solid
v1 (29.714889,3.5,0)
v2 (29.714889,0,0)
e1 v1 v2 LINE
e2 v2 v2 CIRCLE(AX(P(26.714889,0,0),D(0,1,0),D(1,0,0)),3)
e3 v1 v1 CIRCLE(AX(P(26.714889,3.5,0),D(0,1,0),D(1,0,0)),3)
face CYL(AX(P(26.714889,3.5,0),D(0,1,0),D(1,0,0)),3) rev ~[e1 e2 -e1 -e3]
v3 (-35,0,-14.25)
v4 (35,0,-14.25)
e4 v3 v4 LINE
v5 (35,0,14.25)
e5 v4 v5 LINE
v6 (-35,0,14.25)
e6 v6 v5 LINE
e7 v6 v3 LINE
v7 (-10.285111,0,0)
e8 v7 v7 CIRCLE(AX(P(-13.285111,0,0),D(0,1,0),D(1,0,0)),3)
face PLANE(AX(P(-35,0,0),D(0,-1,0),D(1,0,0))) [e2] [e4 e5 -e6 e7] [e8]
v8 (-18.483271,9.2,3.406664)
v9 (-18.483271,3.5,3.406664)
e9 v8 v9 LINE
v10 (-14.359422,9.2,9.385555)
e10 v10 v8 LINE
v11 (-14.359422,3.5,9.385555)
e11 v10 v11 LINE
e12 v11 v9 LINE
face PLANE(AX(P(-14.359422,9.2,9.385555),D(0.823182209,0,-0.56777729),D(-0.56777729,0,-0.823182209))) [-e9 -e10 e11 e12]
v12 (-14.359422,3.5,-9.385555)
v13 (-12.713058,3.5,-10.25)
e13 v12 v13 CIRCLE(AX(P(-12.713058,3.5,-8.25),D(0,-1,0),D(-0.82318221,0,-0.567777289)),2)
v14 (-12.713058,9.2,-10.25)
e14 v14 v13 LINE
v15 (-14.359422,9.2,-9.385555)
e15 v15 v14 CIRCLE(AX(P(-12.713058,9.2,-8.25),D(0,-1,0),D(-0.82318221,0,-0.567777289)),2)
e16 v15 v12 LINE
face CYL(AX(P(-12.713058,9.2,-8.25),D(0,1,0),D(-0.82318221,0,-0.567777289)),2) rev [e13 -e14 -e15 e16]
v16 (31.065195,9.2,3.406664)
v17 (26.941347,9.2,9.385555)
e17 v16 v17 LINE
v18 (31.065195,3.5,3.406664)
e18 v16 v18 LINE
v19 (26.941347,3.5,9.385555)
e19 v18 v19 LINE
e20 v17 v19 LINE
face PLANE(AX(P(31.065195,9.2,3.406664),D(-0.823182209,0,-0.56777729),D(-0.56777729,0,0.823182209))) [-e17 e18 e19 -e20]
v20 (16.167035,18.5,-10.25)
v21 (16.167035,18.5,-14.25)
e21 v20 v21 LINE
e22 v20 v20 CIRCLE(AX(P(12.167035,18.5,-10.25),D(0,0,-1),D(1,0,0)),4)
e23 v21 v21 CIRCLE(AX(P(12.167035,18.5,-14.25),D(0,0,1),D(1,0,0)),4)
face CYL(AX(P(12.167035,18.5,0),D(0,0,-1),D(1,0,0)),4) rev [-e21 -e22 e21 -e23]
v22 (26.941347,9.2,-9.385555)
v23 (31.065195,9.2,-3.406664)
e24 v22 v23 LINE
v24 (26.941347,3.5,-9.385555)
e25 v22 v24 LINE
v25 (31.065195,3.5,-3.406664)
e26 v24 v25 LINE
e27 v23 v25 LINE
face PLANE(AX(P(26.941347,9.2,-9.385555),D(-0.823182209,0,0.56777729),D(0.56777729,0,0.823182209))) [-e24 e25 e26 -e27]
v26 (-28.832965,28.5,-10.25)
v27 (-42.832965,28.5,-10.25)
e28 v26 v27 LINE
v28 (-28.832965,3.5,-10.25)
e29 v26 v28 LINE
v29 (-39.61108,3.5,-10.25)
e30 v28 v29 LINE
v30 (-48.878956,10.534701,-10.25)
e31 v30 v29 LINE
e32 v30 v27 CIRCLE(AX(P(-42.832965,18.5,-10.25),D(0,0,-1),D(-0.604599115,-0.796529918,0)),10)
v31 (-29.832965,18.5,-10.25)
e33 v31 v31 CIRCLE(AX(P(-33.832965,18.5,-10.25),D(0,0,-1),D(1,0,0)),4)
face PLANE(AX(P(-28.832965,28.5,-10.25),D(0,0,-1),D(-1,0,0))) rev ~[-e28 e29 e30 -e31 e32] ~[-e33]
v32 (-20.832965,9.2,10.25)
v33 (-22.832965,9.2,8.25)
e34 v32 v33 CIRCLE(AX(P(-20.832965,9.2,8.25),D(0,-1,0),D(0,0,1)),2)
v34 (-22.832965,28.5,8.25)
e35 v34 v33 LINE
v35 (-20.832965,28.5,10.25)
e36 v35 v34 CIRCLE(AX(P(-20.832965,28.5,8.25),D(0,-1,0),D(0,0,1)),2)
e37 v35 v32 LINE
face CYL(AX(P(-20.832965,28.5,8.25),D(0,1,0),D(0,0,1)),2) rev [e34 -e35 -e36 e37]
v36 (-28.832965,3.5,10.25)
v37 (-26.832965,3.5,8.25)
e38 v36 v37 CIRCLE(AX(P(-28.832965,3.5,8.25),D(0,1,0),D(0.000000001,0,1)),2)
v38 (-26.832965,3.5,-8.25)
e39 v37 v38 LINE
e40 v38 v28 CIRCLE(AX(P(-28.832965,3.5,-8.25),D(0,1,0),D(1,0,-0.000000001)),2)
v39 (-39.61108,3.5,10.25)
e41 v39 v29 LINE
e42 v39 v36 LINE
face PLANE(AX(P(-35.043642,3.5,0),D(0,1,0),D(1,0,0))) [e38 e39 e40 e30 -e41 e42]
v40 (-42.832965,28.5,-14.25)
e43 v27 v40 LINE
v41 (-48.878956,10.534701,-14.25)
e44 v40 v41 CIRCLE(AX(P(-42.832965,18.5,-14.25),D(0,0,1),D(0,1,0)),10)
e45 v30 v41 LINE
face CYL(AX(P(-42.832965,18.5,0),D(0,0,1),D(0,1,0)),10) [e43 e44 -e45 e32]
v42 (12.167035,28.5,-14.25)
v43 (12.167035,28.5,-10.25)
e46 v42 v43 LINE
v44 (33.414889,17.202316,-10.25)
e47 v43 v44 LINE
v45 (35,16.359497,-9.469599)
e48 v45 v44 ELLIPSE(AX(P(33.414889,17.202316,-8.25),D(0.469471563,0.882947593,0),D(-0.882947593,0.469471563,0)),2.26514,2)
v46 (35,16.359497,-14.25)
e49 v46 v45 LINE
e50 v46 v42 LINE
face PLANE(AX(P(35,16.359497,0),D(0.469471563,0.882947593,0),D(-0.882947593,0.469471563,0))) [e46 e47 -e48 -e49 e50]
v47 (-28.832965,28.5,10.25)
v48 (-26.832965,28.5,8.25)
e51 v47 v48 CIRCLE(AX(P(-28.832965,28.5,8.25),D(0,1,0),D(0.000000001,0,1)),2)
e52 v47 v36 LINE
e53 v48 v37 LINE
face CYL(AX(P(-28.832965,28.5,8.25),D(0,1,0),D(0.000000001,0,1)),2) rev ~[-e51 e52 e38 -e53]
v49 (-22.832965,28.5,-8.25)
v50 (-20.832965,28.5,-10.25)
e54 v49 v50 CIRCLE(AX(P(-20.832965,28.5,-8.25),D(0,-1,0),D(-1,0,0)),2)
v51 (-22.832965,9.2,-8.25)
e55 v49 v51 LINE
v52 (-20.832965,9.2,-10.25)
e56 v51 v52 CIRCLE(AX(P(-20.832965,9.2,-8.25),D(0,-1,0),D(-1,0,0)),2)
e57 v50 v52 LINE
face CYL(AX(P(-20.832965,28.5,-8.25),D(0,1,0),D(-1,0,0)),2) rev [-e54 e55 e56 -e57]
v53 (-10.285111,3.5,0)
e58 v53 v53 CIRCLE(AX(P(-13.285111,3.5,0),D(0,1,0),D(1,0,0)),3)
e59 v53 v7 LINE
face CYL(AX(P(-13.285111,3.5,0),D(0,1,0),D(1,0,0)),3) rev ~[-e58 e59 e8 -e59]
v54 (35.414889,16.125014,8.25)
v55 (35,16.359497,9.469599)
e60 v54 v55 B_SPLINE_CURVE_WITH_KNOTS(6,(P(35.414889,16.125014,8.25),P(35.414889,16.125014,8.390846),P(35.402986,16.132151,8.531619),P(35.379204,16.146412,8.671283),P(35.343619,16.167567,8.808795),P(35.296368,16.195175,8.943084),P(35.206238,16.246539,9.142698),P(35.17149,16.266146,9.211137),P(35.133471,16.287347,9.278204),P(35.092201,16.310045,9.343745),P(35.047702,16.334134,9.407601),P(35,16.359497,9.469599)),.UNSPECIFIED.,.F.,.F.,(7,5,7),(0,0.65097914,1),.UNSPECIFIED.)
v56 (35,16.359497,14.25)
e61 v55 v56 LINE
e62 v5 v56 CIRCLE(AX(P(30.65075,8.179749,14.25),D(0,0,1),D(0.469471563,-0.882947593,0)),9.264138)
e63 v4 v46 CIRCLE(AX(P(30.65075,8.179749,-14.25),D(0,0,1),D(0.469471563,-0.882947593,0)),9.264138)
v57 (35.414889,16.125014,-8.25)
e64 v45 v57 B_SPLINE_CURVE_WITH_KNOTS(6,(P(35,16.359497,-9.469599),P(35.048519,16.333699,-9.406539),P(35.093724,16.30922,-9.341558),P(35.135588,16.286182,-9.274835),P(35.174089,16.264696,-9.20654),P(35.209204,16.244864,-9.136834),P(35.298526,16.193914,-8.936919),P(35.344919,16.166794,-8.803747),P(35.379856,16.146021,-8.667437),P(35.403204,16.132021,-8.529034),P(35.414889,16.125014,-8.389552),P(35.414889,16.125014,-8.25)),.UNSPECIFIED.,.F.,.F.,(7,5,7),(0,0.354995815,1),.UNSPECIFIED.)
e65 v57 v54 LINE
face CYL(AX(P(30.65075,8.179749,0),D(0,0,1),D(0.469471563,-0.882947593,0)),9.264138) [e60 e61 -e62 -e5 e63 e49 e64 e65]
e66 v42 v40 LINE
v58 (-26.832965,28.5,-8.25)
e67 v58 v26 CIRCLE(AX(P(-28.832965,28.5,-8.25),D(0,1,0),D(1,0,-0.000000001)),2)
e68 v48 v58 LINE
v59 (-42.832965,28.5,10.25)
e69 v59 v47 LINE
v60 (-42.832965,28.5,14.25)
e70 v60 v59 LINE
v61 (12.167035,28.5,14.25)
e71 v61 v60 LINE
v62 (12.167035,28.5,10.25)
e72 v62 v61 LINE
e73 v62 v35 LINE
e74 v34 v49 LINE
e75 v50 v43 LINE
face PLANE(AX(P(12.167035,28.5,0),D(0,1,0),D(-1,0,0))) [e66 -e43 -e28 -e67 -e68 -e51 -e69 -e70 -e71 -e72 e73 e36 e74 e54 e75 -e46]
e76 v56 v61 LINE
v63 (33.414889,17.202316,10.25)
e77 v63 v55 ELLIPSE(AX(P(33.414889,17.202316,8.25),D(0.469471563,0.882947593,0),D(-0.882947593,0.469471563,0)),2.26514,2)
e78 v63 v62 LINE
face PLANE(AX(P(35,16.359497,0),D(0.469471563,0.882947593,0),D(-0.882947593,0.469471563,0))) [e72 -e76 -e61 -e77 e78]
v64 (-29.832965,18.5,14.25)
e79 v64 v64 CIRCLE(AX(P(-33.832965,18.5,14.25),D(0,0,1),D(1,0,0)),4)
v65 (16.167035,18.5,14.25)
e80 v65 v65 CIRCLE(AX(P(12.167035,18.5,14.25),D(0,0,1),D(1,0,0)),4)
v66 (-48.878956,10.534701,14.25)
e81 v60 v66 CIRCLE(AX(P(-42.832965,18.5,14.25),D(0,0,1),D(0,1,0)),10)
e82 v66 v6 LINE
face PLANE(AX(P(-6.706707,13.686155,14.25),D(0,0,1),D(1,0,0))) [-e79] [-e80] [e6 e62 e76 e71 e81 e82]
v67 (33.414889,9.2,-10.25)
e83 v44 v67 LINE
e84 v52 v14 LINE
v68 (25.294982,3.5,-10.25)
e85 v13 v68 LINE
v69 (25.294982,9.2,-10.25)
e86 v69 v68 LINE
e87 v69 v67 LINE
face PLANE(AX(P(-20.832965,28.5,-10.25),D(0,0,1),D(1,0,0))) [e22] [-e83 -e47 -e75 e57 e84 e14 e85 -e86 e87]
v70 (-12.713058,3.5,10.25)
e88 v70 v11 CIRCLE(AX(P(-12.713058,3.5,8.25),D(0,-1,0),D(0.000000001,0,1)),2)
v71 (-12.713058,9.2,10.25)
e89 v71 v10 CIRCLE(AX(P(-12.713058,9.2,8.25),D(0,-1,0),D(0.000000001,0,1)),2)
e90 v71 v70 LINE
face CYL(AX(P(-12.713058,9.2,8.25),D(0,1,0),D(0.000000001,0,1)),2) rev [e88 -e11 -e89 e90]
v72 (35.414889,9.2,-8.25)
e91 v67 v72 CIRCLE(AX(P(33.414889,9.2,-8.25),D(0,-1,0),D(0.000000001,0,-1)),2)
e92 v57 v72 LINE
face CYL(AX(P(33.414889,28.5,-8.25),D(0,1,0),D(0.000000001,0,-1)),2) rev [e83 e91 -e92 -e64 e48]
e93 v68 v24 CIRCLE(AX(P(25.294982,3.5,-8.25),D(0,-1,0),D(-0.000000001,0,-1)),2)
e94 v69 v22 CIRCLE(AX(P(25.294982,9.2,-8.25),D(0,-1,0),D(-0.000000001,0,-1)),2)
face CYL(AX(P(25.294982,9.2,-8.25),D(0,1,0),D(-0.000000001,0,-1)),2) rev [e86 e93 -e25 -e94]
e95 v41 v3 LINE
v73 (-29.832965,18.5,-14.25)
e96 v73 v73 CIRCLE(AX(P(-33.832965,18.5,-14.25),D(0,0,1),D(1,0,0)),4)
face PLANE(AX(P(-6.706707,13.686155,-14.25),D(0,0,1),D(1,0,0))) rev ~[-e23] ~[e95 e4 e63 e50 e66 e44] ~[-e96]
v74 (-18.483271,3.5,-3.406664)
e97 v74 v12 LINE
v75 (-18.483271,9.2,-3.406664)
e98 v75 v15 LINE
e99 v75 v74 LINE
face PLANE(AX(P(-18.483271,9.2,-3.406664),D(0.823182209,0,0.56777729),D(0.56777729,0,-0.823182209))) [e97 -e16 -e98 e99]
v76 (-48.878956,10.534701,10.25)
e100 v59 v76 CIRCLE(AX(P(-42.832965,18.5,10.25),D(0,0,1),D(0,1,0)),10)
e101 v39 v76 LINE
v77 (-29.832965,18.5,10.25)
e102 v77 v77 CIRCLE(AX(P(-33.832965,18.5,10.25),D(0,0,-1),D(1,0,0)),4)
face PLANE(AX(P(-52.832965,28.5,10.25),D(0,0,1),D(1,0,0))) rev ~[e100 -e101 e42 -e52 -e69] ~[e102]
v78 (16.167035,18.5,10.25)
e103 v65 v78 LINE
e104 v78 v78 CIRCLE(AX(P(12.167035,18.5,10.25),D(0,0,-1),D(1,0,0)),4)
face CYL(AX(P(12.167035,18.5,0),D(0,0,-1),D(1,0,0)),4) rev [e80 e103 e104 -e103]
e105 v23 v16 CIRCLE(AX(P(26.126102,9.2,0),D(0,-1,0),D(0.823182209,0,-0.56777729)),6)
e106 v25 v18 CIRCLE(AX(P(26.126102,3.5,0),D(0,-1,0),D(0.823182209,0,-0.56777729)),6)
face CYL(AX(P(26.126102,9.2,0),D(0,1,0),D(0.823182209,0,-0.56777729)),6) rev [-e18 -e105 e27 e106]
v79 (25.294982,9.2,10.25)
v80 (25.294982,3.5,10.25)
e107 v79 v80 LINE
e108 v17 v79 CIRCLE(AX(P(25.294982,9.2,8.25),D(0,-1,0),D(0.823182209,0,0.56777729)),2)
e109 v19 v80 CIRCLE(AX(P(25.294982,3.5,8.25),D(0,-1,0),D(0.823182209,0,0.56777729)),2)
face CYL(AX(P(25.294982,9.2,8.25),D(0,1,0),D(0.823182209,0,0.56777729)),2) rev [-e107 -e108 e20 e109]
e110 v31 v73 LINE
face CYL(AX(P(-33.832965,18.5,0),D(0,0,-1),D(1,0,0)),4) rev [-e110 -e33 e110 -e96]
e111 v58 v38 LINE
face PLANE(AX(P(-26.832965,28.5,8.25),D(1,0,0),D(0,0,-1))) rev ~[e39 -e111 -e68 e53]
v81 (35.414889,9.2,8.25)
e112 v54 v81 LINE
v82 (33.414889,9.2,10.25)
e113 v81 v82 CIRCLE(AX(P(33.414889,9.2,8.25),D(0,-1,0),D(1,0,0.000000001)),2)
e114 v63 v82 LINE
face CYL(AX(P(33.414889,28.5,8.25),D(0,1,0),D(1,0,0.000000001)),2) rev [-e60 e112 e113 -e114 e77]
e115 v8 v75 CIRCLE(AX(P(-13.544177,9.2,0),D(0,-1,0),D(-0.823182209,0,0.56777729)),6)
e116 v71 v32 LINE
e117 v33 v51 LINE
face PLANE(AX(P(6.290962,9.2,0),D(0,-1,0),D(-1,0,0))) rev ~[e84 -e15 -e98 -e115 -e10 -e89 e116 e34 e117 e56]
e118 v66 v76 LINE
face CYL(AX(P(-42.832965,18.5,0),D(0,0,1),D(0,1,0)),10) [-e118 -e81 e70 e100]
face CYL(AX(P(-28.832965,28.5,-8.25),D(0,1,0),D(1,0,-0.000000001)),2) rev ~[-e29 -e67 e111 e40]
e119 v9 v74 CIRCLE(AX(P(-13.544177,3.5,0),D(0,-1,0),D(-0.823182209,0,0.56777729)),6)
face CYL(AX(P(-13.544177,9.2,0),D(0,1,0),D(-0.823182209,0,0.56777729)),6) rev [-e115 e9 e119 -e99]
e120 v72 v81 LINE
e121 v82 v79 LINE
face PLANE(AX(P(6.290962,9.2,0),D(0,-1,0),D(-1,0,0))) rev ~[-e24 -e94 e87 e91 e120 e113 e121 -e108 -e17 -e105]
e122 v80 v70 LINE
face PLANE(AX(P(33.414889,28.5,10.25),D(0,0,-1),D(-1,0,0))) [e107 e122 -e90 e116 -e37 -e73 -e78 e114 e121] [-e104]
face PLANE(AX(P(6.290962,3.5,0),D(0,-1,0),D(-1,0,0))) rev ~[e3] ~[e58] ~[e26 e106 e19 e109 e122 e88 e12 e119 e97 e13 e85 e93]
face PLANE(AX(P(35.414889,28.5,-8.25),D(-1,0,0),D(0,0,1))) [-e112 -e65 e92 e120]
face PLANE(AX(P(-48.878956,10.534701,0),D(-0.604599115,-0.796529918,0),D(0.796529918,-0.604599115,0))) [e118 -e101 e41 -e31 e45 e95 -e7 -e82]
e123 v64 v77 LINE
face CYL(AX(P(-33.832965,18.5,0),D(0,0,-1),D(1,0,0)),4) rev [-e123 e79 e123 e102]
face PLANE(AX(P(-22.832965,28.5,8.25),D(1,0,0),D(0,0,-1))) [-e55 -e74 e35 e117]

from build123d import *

# Parameters (mm, degrees)
SKETCH1_R           = 4
BOSS_EXTRUDE1_DEPTH = 14.25
SKETCH3_W           = 10
SKETCH3_H           = 20.5
CUT_EXTRUDE1_DEPTH  = 25
CUT_EXTRUDE2_DEPTH  = 19.3
CUT_EXTRUDE3_DEPTH  = 5.7
SKETCH7_R           = 3
CUT_EXTRUDE4_DEPTH  = 4.5000001


with BuildPart() as part:
    # Sketch1 → Boss-Extrude1 (new body, symmetric)
    with BuildSketch(Plane.XY):
        with BuildLine():
            Line((-35, 0), (35, 0))
            ThreePointArc((35, 0), (39.914888853, 8.179748676), (35, 16.359497352))
            Line((35, 16.359497352), (12.167035368, 28.5))
            Line((12.167035368, 28.5), (-42.832964632, 28.5))
            ThreePointArc((-42.832964632, 28.5), (-52.310648732, 21.689593093), (-48.878955781, 10.53470082))
            Line((-48.878955781, 10.53470082), (-35, 0))
        make_face()
        with Locations((12.167035368, 18.5)):
            Circle(SKETCH1_R, mode=Mode.SUBTRACT)
        with Locations((-33.832964632, 18.5)):
            Circle(SKETCH1_R, mode=Mode.SUBTRACT)
    extrude(amount=BOSS_EXTRUDE1_DEPTH, both=True)

    # Sketch3 → Cut-Extrude1 (cut)
    with BuildSketch(Plane(origin=(0, 28.5, 0), x_dir=(1, 0, 0), z_dir=(0, 1, 0))):
        with BuildLine():
            Line((-28.832964632, 10.25), (-42.832964632, 10.25))
            Line((-42.832964632, 10.25), (-42.832964632, -10.25))
            Line((-42.832964632, -10.25), (-28.832964632, -10.25))
            ThreePointArc((-28.832964632, -10.25), (-27.41875107, -9.664213562), (-26.832964632, -8.25))
            Line((-26.832964632, -8.25), (-26.832964632, 8.25))
            ThreePointArc((-26.832964632, 8.25), (-27.41875107, 9.664213562), (-28.832964632, 10.25))
        make_face()
        with Locations((-47.832964632, 0)):
            Rectangle(SKETCH3_W, SKETCH3_H)
    extrude(amount=-CUT_EXTRUDE1_DEPTH, mode=Mode.SUBTRACT)

    # Sketch3<3> → Cut-Extrude2 (cut)
    with BuildSketch(Plane(origin=(0, 28.5, 0), x_dir=(1, 0, 0), z_dir=(0, 1, 0))):
        with BuildLine():
            Line((-20.832964632, 10.25), (33.414888853, 10.25))
            ThreePointArc((33.414888853, 10.25), (34.829102415, 9.664213562), (35.414888853, 8.25))
            Line((35.414888853, 8.25), (35.414888853, -8.25))
            ThreePointArc((35.414888853, -8.25), (34.829102415, -9.664213562), (33.414888853, -10.25))
            Line((33.414888853, -10.25), (-20.832964632, -10.25))
            ThreePointArc((-20.832964632, -10.25), (-22.247178195, -9.664213562), (-22.832964632, -8.25))
            Line((-22.832964632, -8.25), (-22.832964632, 8.25))
            ThreePointArc((-22.832964632, 8.25), (-22.247178195, 9.664213562), (-20.832964632, 10.25))
        make_face()
    extrude(amount=-CUT_EXTRUDE2_DEPTH, mode=Mode.SUBTRACT)

    # Sketch6 → Cut-Extrude3 (cut)
    with BuildSketch(Plane(origin=(0, 9.2, 0), x_dir=(1, 0, 0), z_dir=(0, 1, 0))):
        with BuildLine():
            Line((-18.48327062, 3.406663741), (-14.359422457, 9.38555458))
            ThreePointArc((-14.359422457, 9.38555458), (-13.64281361, 10.020749723), (-12.71305804, 10.25))
            Line((-12.71305804, 10.25), (25.29498226, 10.25))
            ThreePointArc((25.29498226, 10.25), (26.22473783, 10.020749723), (26.941346678, 9.38555458))
            Line((26.941346678, 9.38555458), (31.06519484, 3.406663741))
            ThreePointArc((31.06519484, 3.406663741), (32.126101588, 0), (31.06519484, -3.406663741))
            Line((31.06519484, -3.406663741), (26.941346678, -9.38555458))
            ThreePointArc((26.941346678, -9.38555458), (26.22473783, -10.020749723), (25.29498226, -10.25))
            Line((25.29498226, -10.25), (-12.71305804, -10.25))
            ThreePointArc((-12.71305804, -10.25), (-13.64281361, -10.020749723), (-14.359422457, -9.38555458))
            Line((-14.359422457, -9.38555458), (-18.48327062, -3.406663741))
            ThreePointArc((-18.48327062, -3.406663741), (-19.544177367, 0), (-18.48327062, 3.406663741))
        make_face()
    extrude(amount=-CUT_EXTRUDE3_DEPTH, mode=Mode.SUBTRACT)

    # Sketch7 → Cut-Extrude4 (cut, through all)
    with BuildSketch(Plane(origin=(0, 3.5, 0), x_dir=(1, 0, 0), z_dir=(0, 1, 0))):
        with Locations((26.714888853, 0)):
            Circle(SKETCH7_R)
        with Locations((-13.285111147, 0)):
            Circle(SKETCH7_R)
    extrude(amount=-CUT_EXTRUDE4_DEPTH, mode=Mode.SUBTRACT)


solid = part.part
